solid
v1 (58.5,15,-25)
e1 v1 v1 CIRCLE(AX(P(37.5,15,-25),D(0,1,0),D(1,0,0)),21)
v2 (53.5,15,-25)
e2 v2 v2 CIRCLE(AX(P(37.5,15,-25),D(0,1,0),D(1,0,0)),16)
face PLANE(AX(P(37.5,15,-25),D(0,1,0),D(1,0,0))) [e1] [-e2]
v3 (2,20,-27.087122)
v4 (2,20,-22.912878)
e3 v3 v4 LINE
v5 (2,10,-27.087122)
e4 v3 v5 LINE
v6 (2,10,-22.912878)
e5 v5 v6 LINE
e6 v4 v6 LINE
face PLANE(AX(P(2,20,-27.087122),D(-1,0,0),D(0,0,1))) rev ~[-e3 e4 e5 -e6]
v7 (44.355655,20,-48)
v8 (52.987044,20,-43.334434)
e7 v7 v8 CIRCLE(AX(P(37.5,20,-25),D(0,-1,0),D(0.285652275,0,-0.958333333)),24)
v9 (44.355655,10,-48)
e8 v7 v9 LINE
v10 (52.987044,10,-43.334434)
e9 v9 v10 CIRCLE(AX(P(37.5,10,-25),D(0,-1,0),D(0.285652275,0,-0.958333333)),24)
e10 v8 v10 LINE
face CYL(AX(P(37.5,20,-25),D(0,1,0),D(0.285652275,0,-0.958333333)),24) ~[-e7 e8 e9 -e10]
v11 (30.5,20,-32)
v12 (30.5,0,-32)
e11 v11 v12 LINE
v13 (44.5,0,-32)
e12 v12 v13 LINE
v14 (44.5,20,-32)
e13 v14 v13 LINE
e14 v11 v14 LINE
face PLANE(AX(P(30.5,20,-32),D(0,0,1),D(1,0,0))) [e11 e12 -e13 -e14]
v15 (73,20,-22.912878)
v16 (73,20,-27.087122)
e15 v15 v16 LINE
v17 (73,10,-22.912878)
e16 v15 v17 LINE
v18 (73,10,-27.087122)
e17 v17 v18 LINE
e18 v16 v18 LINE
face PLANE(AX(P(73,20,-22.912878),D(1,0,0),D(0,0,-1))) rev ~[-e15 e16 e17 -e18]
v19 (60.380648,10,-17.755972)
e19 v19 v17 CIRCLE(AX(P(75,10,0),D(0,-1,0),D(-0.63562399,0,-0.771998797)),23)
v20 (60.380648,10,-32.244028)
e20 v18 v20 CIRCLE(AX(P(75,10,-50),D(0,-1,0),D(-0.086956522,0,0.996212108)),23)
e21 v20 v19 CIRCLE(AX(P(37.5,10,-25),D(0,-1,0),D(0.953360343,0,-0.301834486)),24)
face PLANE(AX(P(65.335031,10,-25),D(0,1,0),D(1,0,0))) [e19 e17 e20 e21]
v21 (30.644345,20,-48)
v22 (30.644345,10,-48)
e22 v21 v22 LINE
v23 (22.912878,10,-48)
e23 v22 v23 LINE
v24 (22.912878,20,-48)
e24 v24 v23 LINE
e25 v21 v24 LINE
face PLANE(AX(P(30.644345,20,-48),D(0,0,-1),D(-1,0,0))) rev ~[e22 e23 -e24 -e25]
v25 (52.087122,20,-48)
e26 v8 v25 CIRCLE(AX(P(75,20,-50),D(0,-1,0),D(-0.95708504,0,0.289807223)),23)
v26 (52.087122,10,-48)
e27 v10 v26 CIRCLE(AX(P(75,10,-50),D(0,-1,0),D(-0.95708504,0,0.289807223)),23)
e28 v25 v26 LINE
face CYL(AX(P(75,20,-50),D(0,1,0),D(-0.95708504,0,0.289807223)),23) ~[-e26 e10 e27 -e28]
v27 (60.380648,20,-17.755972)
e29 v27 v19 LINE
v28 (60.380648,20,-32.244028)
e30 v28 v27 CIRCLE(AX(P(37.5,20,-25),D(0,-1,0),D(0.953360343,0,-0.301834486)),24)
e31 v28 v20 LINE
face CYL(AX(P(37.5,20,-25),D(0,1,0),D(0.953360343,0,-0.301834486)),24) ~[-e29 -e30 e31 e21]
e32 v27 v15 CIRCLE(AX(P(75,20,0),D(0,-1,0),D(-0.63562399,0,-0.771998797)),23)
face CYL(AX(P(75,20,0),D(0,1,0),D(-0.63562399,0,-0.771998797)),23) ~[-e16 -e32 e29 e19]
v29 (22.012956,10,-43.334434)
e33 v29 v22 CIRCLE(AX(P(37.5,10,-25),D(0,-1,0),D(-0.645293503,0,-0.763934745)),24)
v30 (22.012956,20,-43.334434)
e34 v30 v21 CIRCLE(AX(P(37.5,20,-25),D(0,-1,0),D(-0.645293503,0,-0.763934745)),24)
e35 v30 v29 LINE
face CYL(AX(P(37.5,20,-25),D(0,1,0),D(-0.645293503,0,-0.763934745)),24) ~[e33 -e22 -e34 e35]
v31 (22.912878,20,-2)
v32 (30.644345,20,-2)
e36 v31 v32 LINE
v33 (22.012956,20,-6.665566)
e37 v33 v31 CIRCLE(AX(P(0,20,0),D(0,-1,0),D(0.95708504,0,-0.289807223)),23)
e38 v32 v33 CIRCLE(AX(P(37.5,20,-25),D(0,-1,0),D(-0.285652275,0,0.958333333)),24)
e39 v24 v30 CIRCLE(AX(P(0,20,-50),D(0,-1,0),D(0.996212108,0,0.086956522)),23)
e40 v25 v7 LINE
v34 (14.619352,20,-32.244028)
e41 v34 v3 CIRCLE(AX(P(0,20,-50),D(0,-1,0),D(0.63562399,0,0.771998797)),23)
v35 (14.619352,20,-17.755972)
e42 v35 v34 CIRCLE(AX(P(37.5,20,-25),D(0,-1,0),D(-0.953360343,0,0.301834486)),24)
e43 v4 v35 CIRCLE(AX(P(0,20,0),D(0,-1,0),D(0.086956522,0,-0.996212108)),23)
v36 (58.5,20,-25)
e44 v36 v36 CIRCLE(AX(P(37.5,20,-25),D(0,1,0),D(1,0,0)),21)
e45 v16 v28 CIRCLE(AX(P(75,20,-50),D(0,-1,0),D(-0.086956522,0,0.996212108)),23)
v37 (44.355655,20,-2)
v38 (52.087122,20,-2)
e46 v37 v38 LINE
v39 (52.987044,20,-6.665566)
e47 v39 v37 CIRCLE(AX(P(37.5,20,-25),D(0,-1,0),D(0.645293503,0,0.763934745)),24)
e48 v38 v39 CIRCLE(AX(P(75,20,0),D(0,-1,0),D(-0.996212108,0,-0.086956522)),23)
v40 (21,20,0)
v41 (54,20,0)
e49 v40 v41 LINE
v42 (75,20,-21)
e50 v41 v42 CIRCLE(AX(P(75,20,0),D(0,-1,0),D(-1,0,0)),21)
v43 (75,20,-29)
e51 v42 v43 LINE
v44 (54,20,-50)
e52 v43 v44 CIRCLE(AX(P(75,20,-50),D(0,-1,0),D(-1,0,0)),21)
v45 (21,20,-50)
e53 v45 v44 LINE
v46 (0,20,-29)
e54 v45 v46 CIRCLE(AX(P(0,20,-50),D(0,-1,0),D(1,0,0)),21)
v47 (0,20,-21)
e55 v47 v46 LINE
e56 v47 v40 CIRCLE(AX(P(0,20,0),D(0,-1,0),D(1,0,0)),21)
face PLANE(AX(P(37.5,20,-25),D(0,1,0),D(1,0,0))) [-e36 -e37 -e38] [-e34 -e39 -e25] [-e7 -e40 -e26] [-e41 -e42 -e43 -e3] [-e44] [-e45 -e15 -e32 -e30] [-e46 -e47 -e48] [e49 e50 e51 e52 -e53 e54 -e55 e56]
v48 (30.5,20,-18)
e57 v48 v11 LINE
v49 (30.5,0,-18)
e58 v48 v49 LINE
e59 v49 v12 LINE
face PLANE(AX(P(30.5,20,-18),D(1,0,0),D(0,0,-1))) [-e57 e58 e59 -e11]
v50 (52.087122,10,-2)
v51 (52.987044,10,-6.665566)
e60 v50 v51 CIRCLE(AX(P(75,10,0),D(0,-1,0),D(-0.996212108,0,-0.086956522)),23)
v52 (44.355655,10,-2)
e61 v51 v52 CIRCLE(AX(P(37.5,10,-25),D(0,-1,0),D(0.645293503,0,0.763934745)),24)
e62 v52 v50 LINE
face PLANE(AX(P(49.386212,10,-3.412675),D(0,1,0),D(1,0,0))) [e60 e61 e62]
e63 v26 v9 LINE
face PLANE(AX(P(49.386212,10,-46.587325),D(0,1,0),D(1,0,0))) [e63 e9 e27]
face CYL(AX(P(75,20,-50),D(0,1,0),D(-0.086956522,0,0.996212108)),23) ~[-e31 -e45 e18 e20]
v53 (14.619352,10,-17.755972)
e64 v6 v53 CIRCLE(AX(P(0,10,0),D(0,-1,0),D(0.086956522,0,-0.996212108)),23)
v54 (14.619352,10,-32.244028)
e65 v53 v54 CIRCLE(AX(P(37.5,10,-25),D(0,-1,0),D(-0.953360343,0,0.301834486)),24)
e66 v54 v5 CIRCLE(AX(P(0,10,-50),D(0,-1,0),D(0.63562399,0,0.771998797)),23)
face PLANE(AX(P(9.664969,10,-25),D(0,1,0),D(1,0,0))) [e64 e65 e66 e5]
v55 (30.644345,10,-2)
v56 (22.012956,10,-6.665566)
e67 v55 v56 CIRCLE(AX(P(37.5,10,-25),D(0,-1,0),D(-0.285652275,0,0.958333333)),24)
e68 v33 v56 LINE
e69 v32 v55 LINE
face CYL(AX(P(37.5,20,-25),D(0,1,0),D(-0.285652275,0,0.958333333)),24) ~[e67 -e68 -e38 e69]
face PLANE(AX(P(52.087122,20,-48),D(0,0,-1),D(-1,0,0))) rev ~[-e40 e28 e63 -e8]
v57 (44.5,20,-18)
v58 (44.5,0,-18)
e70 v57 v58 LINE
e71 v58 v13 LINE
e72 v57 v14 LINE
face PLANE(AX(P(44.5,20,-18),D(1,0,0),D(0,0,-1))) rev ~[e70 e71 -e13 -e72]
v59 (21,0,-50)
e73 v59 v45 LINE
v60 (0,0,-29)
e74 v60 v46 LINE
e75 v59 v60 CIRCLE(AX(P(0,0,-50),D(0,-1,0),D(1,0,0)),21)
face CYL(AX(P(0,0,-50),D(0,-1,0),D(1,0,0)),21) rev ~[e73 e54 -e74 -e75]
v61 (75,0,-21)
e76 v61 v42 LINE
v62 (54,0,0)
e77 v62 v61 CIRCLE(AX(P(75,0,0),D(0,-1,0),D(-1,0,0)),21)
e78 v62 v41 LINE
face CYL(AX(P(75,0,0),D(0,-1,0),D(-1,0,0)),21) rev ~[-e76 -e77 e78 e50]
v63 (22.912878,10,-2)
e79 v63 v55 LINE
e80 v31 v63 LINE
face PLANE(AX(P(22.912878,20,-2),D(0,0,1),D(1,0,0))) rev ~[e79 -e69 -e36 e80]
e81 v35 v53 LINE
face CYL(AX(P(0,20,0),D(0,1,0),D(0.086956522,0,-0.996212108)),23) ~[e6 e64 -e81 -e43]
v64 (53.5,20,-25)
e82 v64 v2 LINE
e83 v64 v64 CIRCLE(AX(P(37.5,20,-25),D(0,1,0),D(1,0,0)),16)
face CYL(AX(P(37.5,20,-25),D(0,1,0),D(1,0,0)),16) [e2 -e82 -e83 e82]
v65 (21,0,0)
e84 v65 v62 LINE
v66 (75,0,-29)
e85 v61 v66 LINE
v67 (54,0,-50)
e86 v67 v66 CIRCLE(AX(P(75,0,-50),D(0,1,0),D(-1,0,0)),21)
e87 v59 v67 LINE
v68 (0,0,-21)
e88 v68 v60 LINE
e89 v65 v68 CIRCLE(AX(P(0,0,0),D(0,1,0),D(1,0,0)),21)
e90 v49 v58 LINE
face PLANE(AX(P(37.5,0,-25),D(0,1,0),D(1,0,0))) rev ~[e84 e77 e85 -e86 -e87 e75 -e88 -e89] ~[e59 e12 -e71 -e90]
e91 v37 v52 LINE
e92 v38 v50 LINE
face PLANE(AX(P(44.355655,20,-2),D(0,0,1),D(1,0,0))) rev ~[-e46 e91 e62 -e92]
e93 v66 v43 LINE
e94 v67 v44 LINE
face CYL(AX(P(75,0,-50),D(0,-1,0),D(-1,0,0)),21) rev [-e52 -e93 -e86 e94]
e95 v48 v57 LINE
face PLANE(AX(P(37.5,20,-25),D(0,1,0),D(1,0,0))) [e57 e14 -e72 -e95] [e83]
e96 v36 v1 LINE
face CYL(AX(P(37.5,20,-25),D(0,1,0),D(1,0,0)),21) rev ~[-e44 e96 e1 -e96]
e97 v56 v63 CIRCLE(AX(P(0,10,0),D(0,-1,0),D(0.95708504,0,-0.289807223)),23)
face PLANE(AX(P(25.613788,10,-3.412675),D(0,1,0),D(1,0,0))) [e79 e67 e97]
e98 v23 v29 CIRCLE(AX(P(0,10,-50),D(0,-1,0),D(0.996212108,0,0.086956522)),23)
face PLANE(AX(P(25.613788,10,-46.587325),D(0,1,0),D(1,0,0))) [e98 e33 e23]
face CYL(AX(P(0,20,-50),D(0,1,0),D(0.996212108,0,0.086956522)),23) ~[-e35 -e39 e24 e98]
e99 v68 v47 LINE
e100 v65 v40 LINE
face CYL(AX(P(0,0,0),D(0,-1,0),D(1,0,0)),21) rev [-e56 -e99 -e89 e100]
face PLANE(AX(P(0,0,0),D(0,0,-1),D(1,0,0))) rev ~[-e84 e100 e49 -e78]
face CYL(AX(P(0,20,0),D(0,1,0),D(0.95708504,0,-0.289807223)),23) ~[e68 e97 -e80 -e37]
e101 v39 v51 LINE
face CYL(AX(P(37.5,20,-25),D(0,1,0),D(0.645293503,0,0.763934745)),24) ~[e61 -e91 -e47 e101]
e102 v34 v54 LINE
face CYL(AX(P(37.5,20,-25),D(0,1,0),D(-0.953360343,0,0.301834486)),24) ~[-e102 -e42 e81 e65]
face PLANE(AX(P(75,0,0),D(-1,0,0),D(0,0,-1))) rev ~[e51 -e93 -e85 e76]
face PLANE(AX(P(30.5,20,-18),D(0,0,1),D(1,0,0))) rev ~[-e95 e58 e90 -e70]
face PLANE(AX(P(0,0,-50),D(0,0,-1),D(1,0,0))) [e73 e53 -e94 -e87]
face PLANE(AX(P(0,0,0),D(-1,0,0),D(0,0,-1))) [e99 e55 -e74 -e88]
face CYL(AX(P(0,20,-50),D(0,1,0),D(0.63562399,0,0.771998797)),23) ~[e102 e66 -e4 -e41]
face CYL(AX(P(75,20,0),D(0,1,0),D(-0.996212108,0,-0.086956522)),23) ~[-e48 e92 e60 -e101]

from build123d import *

# Parameters (mm, degrees)
SKETCH1_W           = 75
SKETCH1_H           = 50
BOSS_EXTRUDE1_DEPTH = 20
SKETCH2_R           = 21
SKETCH2_R_2         = 16
CUT_EXTRUDE1_DEPTH  = 5
SKETCH3_W           = 14
SKETCH3_H           = 14
CUT_EXTRUDE2_DEPTH  = 21
CUT_EXTRUDE3_DEPTH  = 21
CUT_EXTRUDE6_DEPTH  = 10


with BuildPart() as part:
    # Sketch1 → Boss-Extrude1 (new body)
    with BuildSketch(Plane(origin=(0, 0, 0), x_dir=(1, 0, 0), z_dir=(0, 1, 0))):
        with Locations((37.5, 25)):
            Rectangle(SKETCH1_W, SKETCH1_H)
    extrude(amount=BOSS_EXTRUDE1_DEPTH)

    # Sketch2 → Cut-Extrude1 (cut)
    with BuildSketch(Plane(origin=(0, 20, 0), x_dir=(1, 0, 0), z_dir=(0, 1, 0))):
        with Locations((37.5, 25)):
            Circle(SKETCH2_R)
        with Locations((37.5, 25)):
            Circle(SKETCH2_R_2, mode=Mode.SUBTRACT)
    extrude(amount=-CUT_EXTRUDE1_DEPTH, mode=Mode.SUBTRACT)

    # Sketch3 → Cut-Extrude2 (cut, through all)
    with BuildSketch(Plane(origin=(0, 20, 0), x_dir=(1, 0, 0), z_dir=(0, 1, 0))):
        with Locations((37.5, 25)):
            Rectangle(SKETCH3_W, SKETCH3_H)
    extrude(amount=-CUT_EXTRUDE2_DEPTH, mode=Mode.SUBTRACT)

    # Sketch4 → Cut-Extrude3 (cut, through all)
    with BuildSketch(Plane.XZ):
        with BuildLine():
            Line((0, -29), (0, -50))
            Line((0, -50), (21, -50))
            ThreePointArc((21, -50), (14.849242405, -35.150757595), (0, -29))
        make_face()
        with BuildLine():
            Line((75, -29), (75, -50))
            Line((75, -50), (54, -50))
            ThreePointArc((54, -50), (60.150757595, -35.150757595), (75, -29))
        make_face()
        with BuildLine():
            Line((75, -21), (75, 0))
            Line((75, 0), (54, 0))
            ThreePointArc((54, 0), (60.150757595, -14.849242405), (75, -21))
        make_face()
        with BuildLine():
            Line((0, 0), (21, 0))
            ThreePointArc((21, 0), (14.849242405, -14.849242405), (0, -21))
            Line((0, -21), (0, 0))
        make_face()
    extrude(amount=-CUT_EXTRUDE3_DEPTH, mode=Mode.SUBTRACT)

    # Sketch6 → Cut-Extrude6 (cut)
    with BuildSketch(Plane(origin=(0, 20, 0), x_dir=(1, 0, 0), z_dir=(0, 1, 0))):
        with BuildLine():
            Line((30.6443454, 48), (22.912878475, 48))
            ThreePointArc((22.912878475, 48), (22.583722585, 45.643915266), (22.012955919, 43.334433878))
            ThreePointArc((22.012955919, 43.334433878), (26.087685471, 46.113007296), (30.6443454, 48))
        make_face()
        with BuildLine():
            Line((44.3556546, 2), (52.087121525, 2))
            ThreePointArc((52.087121525, 2), (52.416277415, 4.356084734), (52.987044081, 6.665566122))
            ThreePointArc((52.987044081, 6.665566122), (48.912314529, 3.886992704), (44.3556546, 2))
        make_face()
        with BuildLine():
            Line((2, 27.087121525), (2, 22.912878475))
            ThreePointArc((2, 22.912878475), (8.700524902, 21.29086345), (14.619351774, 17.755972339))
            ThreePointArc((14.619351774, 17.755972339), (13.5, 25), (14.619351774, 32.244027661))
            ThreePointArc((14.619351774, 32.244027661), (8.700524902, 28.70913655), (2, 27.087121525))
        make_face()
        with BuildLine():
            Line((22.912878475, 2), (30.6443454, 2))
            ThreePointArc((30.6443454, 2), (26.087685471, 3.886992704), (22.012955919, 6.665566122))
            ThreePointArc((22.012955919, 6.665566122), (22.583722585, 4.356084734), (22.912878475, 2))
        make_face()
        with BuildLine():
            Line((73, 22.912878475), (73, 27.087121525))
            ThreePointArc((73, 27.087121525), (66.299475098, 28.70913655), (60.380648226, 32.244027661))
            ThreePointArc((60.380648226, 32.244027661), (61.5, 25), (60.380648226, 17.755972339))
            ThreePointArc((60.380648226, 17.755972339), (66.299475098, 21.29086345), (73, 22.912878475))
        make_face()
        with BuildLine():
            Line((52.087121525, 48), (44.3556546, 48))
            ThreePointArc((44.3556546, 48), (48.912314529, 46.113007296), (52.987044081, 43.334433878))
            ThreePointArc((52.987044081, 43.334433878), (52.416277415, 45.643915266), (52.087121525, 48))
        make_face()
    extrude(amount=-CUT_EXTRUDE6_DEPTH, mode=Mode.SUBTRACT)


solid = part.part
